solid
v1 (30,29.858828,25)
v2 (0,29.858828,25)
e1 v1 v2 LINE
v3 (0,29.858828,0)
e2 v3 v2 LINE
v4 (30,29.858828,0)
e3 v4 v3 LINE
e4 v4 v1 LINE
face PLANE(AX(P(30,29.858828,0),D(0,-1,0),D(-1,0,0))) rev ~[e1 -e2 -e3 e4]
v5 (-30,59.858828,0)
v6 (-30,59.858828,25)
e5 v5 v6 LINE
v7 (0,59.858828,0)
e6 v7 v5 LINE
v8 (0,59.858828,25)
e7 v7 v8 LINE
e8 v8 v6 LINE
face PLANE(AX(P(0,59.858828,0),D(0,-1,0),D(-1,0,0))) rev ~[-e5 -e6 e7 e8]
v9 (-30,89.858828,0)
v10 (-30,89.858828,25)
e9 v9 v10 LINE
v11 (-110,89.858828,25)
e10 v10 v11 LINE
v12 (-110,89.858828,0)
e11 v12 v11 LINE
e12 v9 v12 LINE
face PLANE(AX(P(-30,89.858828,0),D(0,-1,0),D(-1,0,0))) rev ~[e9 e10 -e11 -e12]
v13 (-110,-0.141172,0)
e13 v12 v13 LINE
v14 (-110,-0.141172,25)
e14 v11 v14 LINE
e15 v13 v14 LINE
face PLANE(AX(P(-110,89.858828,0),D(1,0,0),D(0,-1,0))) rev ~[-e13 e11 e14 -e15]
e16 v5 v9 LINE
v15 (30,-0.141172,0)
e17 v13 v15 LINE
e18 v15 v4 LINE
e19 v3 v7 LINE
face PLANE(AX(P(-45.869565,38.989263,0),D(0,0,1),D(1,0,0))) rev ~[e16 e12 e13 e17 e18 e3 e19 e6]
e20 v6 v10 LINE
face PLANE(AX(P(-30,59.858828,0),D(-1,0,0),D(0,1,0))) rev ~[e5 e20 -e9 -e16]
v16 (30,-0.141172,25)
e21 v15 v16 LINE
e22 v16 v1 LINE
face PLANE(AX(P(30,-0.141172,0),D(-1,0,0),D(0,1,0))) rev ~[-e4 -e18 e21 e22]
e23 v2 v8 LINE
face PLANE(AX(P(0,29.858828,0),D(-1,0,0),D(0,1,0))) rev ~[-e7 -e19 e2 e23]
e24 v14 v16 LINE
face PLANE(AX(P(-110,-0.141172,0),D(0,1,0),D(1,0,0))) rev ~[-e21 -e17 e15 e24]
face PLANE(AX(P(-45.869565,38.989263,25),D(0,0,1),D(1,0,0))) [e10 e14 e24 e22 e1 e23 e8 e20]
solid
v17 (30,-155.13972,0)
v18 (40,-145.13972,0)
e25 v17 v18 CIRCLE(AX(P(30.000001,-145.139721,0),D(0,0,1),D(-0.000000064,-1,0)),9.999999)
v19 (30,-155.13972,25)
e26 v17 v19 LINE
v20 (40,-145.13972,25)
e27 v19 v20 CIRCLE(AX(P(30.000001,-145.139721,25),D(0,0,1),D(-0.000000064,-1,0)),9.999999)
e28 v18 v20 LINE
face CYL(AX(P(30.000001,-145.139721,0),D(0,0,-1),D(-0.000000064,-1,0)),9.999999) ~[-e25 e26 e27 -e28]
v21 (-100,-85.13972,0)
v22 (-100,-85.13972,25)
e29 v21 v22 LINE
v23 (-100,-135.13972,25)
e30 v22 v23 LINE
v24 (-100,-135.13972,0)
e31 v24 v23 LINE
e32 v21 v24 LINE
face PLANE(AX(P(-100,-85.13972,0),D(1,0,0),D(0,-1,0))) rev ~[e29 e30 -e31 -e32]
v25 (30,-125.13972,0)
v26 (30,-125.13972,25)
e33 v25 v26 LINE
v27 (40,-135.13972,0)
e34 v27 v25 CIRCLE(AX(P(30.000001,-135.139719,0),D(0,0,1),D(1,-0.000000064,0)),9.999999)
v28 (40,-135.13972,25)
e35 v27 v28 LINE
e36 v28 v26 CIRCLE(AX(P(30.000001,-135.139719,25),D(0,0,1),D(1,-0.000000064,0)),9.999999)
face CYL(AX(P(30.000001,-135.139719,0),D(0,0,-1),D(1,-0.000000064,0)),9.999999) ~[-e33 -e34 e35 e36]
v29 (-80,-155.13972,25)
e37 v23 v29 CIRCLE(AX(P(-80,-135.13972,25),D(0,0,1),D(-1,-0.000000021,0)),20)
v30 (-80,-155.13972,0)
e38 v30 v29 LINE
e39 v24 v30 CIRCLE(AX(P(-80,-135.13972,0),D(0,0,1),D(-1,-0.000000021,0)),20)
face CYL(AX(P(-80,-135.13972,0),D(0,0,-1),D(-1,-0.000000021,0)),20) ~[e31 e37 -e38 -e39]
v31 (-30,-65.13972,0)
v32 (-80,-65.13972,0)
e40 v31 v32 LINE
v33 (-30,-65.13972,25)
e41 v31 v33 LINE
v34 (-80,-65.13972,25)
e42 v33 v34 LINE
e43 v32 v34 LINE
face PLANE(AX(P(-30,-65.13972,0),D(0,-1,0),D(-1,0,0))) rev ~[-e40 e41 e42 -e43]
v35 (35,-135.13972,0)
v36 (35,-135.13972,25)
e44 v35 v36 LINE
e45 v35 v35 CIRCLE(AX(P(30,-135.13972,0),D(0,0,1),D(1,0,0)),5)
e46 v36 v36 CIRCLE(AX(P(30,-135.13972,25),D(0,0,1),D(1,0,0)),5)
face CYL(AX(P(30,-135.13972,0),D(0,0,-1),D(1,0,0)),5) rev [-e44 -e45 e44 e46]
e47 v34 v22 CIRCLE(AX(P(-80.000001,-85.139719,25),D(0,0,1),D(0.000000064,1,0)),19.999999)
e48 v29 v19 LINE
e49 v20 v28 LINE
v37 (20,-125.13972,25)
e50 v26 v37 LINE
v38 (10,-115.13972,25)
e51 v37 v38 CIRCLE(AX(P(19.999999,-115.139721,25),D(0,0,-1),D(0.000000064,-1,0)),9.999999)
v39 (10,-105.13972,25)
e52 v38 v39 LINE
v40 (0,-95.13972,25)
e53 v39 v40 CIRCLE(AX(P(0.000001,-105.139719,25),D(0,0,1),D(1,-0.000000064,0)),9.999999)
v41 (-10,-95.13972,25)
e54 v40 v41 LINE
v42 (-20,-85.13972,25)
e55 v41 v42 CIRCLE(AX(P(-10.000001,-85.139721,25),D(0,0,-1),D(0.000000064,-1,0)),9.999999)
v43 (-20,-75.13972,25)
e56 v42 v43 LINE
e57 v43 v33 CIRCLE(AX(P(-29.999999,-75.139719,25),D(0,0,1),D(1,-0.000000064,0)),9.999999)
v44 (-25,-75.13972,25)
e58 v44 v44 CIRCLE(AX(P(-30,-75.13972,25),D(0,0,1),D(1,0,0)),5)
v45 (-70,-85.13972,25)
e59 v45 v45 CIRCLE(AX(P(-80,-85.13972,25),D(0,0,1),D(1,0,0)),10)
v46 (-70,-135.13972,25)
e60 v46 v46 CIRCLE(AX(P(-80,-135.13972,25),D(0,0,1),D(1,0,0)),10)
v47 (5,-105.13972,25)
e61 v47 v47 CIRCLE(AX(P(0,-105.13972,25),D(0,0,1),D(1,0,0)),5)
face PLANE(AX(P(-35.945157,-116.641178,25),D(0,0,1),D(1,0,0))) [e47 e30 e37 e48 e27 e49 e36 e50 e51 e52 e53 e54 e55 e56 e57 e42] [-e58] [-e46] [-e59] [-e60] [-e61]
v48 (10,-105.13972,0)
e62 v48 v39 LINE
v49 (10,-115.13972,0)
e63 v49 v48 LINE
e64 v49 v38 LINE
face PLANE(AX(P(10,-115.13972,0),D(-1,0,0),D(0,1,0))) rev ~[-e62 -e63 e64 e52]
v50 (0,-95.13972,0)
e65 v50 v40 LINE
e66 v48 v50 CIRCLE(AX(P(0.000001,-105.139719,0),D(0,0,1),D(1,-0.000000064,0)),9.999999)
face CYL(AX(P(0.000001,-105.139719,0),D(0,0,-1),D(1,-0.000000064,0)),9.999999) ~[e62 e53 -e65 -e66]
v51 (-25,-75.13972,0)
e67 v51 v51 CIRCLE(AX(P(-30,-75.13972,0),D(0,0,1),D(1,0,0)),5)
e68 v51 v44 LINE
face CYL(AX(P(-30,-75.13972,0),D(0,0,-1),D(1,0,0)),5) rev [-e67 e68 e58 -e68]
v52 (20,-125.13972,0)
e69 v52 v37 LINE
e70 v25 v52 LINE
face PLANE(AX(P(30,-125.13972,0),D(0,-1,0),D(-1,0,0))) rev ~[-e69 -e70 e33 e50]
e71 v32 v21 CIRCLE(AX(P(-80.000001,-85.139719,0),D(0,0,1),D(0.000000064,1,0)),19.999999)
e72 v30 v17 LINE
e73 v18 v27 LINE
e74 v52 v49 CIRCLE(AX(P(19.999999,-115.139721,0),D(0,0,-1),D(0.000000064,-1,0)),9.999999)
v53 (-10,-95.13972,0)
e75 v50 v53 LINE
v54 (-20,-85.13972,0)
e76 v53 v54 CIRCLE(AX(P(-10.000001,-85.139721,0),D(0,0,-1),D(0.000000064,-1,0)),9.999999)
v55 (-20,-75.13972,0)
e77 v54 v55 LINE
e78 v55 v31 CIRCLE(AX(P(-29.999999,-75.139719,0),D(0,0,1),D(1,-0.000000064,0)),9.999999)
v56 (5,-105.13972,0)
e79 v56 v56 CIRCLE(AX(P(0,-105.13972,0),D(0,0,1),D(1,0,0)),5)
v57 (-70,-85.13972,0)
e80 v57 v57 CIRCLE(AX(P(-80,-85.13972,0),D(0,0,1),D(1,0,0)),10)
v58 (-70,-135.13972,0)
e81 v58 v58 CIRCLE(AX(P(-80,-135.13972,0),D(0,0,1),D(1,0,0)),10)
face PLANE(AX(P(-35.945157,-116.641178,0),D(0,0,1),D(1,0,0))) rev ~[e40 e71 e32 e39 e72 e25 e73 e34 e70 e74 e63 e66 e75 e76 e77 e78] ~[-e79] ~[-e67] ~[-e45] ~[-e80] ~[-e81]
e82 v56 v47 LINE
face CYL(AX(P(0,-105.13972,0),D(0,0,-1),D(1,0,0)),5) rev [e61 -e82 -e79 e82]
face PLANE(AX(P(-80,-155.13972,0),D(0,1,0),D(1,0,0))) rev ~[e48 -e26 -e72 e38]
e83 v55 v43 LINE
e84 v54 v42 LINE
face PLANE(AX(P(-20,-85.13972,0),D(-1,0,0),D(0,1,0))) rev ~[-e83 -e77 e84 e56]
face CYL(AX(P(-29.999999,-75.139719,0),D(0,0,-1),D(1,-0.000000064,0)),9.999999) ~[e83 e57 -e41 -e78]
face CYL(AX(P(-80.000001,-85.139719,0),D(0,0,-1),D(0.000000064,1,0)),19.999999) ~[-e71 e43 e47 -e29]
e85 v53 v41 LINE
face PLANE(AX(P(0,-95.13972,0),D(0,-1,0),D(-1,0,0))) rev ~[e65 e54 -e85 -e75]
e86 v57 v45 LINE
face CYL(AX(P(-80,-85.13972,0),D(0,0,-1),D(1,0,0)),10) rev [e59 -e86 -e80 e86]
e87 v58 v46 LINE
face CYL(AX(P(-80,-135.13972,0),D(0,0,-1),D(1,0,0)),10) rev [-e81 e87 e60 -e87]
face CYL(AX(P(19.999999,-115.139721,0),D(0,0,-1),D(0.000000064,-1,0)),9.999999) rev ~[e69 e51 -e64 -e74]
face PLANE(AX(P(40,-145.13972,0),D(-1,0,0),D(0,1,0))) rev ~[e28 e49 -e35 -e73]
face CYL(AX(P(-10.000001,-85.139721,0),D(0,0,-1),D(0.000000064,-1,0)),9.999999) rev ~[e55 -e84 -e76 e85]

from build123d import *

# Parameters (mm, degrees)
F0_R     = 10
F0_R_2   = 5
F1_DEPTH = 25


with BuildPart() as f1:
    # F0 (on Top) → F1 (new body)
    with BuildSketch(Plane.XY):
        Polygon((-30, 89.858828), (-110, 89.858828), (-110, -0.141172), (30, -0.141172), (30, 29.858828), (0, 29.858828), (0, 59.858828), (-30, 59.858828), align=None)
        with BuildLine():
            Line((-80, -155.13972), (30, -155.13972))
            ThreePointArc((30, -155.13972), (37.071068, -152.210788), (40, -145.13972))
            Line((40, -145.13972), (40, -135.13972))
            ThreePointArc((40, -135.13972), (37.071068, -128.068652), (30, -125.13972))
            Line((30, -125.13972), (20, -125.13972))
            ThreePointArc((20, -125.13972), (12.928932, -122.210788), (10, -115.13972))
            Line((10, -115.13972), (10, -105.13972))
            ThreePointArc((10, -105.13972), (7.071068, -98.068652), (0, -95.13972))
            Line((0, -95.13972), (-10, -95.13972))
            ThreePointArc((-10, -95.13972), (-17.071068, -92.210788), (-20, -85.13972))
            Line((-20, -85.13972), (-20, -75.13972))
            ThreePointArc((-20, -75.13972), (-22.928932, -68.068652), (-30, -65.13972))
            Line((-30, -65.13972), (-80, -65.13972))
            ThreePointArc((-80, -65.13972), (-94.142136, -70.997584), (-100, -85.13972))
            Line((-100, -85.13972), (-100, -135.13972))
            ThreePointArc((-100, -135.13972), (-94.142136, -149.281855), (-80, -155.13972))
        make_face()
        with Locations((-80, -135.13972)):
            Circle(F0_R, mode=Mode.SUBTRACT)
        with Locations((-80, -85.13972)):
            Circle(F0_R, mode=Mode.SUBTRACT)
        with Locations((0, -105.13972)):
            Circle(F0_R_2, mode=Mode.SUBTRACT)
        with Locations((30, -135.13972)):
            Circle(F0_R_2, mode=Mode.SUBTRACT)
        with Locations((-30, -75.13972)):
            Circle(F0_R_2, mode=Mode.SUBTRACT)
    extrude(amount=F1_DEPTH)


solid = f1.part
